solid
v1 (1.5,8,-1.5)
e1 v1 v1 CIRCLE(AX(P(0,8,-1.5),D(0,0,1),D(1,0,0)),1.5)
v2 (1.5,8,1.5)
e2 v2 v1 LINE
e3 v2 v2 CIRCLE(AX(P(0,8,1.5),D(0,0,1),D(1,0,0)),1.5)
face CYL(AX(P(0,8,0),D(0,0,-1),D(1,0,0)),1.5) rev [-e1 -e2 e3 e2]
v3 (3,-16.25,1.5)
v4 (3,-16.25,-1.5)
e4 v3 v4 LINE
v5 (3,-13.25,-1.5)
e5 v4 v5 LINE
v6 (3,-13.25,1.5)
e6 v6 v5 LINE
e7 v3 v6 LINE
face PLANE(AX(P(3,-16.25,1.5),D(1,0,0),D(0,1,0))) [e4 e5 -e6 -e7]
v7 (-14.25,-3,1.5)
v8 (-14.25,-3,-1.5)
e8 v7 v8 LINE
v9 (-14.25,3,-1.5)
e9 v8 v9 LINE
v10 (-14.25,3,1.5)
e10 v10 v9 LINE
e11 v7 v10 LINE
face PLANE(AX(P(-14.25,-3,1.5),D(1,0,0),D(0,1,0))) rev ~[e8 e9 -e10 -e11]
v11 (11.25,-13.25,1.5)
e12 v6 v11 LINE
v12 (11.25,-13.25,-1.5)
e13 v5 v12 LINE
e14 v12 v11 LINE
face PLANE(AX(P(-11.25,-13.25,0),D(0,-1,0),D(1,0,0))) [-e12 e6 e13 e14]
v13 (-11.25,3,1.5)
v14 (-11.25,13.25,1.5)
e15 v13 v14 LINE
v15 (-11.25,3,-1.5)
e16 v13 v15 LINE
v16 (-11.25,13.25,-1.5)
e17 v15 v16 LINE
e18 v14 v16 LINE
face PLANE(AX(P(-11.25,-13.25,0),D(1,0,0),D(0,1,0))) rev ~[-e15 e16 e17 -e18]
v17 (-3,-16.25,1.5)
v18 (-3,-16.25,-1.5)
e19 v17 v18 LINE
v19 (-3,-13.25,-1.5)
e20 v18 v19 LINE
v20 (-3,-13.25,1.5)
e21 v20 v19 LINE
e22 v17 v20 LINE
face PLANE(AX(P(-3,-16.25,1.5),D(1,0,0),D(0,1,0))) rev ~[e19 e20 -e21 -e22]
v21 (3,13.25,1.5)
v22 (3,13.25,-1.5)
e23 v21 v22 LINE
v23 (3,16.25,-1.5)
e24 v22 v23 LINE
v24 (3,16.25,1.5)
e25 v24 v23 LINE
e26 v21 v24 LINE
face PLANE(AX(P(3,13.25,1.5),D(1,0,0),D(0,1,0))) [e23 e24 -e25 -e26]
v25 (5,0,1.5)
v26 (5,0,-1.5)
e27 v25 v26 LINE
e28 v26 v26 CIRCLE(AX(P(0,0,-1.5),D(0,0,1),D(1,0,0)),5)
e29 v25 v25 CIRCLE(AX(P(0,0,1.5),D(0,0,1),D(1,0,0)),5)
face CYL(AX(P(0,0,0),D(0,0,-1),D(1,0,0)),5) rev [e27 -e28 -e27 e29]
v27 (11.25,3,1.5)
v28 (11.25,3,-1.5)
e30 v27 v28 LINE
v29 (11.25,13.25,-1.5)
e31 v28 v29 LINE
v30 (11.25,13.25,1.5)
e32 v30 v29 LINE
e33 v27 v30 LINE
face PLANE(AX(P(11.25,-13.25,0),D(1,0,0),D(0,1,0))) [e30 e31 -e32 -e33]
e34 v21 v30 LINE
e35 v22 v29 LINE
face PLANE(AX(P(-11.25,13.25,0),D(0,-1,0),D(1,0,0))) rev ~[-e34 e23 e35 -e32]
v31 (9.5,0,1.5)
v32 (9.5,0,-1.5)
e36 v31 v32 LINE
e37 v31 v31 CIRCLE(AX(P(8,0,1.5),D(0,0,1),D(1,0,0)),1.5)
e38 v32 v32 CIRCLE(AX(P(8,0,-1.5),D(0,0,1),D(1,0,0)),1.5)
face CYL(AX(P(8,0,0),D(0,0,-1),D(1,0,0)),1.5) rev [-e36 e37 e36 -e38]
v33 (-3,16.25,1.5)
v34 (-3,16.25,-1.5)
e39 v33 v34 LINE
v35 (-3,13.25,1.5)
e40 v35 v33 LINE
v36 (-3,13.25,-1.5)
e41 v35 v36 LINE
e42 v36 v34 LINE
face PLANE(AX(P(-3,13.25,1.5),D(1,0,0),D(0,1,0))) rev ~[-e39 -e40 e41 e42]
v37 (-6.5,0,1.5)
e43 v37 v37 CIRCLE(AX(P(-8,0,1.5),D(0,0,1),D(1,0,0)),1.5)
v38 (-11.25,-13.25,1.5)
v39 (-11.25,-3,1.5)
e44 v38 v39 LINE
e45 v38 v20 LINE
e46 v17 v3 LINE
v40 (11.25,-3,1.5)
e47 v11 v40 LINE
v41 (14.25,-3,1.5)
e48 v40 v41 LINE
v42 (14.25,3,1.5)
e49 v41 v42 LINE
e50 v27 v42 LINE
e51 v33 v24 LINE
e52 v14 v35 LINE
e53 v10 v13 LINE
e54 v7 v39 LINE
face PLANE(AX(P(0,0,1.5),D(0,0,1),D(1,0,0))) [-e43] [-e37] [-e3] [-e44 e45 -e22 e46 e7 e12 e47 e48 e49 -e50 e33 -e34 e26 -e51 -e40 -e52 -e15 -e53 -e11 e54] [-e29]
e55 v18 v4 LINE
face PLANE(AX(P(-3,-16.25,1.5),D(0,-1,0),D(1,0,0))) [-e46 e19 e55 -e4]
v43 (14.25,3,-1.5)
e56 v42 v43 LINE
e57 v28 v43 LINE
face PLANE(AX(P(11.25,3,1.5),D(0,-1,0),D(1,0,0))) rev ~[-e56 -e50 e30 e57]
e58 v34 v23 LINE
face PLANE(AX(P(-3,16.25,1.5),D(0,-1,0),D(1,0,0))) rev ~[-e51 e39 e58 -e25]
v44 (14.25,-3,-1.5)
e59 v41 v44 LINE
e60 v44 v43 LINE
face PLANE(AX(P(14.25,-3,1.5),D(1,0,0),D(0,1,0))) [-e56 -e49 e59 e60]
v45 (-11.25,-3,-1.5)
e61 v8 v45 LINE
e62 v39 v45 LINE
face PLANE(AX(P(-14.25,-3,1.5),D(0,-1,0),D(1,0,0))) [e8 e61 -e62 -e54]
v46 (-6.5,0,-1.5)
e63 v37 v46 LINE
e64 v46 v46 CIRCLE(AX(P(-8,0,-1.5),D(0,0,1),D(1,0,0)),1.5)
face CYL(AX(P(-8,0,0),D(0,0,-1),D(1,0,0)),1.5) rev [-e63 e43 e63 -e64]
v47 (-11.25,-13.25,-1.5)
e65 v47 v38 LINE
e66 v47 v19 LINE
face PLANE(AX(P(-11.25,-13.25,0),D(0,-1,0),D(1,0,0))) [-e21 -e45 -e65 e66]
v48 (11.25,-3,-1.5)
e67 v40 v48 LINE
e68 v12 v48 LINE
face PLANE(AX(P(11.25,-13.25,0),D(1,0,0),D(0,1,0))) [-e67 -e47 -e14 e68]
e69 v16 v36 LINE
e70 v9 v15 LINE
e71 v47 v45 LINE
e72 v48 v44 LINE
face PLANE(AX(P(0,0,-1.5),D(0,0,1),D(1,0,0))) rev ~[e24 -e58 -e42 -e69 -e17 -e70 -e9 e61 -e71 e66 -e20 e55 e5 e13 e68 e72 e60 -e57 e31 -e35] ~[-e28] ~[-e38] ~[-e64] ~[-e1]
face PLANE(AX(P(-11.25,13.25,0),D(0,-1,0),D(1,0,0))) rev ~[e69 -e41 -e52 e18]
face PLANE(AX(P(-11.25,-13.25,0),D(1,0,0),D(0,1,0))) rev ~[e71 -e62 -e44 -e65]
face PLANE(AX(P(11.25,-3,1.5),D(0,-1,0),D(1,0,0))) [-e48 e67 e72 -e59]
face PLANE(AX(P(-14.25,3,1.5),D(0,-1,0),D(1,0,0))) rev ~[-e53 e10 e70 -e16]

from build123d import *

# Parameters (mm, degrees)
SKETCH_W     = 22.5
SKETCH_H     = 26.5
SKETCH_R     = 5
SKETCH_R_2   = 1.5
PAD_DEPTH    = 1.5
SKETCH017_W  = 6
SKETCH017_H  = 3
PAD005_DEPTH = 3
SKETCH018_W  = 3
SKETCH018_H  = 6
PAD006_DEPTH = 3


with BuildPart() as part:
    # Sketch → Pad (new body, symmetric)
    with BuildSketch(Plane.XY):
        Rectangle(SKETCH_W, SKETCH_H)
        Circle(SKETCH_R, mode=Mode.SUBTRACT)
        with Locations((0, 8)):
            Circle(SKETCH_R_2, mode=Mode.SUBTRACT)
        with Locations((8, 0)):
            Circle(SKETCH_R_2, mode=Mode.SUBTRACT)
        with Locations((-8, 0)):
            Circle(SKETCH_R_2, mode=Mode.SUBTRACT)
    extrude(amount=PAD_DEPTH, both=True)

    # Sketch017 (on Face10 of Pad) → Pad005 (join)
    with BuildSketch(Plane.XY.offset(1.5)):
        with Locations((0, 14.75)):
            Rectangle(SKETCH017_W, SKETCH017_H)
        with Locations((0, -14.75)):
            Rectangle(SKETCH017_W, SKETCH017_H)
    extrude(amount=-PAD005_DEPTH)

    # Sketch018 (on Face18 of Pad005) → Pad006 (join)
    with BuildSketch(Plane.XY.offset(1.5)):
        with Locations((-12.75, 0)):
            Rectangle(SKETCH018_W, SKETCH018_H)
        with Locations((12.75, 0)):
            Rectangle(SKETCH018_W, SKETCH018_H)
    extrude(amount=-PAD006_DEPTH)


solid = part.part
